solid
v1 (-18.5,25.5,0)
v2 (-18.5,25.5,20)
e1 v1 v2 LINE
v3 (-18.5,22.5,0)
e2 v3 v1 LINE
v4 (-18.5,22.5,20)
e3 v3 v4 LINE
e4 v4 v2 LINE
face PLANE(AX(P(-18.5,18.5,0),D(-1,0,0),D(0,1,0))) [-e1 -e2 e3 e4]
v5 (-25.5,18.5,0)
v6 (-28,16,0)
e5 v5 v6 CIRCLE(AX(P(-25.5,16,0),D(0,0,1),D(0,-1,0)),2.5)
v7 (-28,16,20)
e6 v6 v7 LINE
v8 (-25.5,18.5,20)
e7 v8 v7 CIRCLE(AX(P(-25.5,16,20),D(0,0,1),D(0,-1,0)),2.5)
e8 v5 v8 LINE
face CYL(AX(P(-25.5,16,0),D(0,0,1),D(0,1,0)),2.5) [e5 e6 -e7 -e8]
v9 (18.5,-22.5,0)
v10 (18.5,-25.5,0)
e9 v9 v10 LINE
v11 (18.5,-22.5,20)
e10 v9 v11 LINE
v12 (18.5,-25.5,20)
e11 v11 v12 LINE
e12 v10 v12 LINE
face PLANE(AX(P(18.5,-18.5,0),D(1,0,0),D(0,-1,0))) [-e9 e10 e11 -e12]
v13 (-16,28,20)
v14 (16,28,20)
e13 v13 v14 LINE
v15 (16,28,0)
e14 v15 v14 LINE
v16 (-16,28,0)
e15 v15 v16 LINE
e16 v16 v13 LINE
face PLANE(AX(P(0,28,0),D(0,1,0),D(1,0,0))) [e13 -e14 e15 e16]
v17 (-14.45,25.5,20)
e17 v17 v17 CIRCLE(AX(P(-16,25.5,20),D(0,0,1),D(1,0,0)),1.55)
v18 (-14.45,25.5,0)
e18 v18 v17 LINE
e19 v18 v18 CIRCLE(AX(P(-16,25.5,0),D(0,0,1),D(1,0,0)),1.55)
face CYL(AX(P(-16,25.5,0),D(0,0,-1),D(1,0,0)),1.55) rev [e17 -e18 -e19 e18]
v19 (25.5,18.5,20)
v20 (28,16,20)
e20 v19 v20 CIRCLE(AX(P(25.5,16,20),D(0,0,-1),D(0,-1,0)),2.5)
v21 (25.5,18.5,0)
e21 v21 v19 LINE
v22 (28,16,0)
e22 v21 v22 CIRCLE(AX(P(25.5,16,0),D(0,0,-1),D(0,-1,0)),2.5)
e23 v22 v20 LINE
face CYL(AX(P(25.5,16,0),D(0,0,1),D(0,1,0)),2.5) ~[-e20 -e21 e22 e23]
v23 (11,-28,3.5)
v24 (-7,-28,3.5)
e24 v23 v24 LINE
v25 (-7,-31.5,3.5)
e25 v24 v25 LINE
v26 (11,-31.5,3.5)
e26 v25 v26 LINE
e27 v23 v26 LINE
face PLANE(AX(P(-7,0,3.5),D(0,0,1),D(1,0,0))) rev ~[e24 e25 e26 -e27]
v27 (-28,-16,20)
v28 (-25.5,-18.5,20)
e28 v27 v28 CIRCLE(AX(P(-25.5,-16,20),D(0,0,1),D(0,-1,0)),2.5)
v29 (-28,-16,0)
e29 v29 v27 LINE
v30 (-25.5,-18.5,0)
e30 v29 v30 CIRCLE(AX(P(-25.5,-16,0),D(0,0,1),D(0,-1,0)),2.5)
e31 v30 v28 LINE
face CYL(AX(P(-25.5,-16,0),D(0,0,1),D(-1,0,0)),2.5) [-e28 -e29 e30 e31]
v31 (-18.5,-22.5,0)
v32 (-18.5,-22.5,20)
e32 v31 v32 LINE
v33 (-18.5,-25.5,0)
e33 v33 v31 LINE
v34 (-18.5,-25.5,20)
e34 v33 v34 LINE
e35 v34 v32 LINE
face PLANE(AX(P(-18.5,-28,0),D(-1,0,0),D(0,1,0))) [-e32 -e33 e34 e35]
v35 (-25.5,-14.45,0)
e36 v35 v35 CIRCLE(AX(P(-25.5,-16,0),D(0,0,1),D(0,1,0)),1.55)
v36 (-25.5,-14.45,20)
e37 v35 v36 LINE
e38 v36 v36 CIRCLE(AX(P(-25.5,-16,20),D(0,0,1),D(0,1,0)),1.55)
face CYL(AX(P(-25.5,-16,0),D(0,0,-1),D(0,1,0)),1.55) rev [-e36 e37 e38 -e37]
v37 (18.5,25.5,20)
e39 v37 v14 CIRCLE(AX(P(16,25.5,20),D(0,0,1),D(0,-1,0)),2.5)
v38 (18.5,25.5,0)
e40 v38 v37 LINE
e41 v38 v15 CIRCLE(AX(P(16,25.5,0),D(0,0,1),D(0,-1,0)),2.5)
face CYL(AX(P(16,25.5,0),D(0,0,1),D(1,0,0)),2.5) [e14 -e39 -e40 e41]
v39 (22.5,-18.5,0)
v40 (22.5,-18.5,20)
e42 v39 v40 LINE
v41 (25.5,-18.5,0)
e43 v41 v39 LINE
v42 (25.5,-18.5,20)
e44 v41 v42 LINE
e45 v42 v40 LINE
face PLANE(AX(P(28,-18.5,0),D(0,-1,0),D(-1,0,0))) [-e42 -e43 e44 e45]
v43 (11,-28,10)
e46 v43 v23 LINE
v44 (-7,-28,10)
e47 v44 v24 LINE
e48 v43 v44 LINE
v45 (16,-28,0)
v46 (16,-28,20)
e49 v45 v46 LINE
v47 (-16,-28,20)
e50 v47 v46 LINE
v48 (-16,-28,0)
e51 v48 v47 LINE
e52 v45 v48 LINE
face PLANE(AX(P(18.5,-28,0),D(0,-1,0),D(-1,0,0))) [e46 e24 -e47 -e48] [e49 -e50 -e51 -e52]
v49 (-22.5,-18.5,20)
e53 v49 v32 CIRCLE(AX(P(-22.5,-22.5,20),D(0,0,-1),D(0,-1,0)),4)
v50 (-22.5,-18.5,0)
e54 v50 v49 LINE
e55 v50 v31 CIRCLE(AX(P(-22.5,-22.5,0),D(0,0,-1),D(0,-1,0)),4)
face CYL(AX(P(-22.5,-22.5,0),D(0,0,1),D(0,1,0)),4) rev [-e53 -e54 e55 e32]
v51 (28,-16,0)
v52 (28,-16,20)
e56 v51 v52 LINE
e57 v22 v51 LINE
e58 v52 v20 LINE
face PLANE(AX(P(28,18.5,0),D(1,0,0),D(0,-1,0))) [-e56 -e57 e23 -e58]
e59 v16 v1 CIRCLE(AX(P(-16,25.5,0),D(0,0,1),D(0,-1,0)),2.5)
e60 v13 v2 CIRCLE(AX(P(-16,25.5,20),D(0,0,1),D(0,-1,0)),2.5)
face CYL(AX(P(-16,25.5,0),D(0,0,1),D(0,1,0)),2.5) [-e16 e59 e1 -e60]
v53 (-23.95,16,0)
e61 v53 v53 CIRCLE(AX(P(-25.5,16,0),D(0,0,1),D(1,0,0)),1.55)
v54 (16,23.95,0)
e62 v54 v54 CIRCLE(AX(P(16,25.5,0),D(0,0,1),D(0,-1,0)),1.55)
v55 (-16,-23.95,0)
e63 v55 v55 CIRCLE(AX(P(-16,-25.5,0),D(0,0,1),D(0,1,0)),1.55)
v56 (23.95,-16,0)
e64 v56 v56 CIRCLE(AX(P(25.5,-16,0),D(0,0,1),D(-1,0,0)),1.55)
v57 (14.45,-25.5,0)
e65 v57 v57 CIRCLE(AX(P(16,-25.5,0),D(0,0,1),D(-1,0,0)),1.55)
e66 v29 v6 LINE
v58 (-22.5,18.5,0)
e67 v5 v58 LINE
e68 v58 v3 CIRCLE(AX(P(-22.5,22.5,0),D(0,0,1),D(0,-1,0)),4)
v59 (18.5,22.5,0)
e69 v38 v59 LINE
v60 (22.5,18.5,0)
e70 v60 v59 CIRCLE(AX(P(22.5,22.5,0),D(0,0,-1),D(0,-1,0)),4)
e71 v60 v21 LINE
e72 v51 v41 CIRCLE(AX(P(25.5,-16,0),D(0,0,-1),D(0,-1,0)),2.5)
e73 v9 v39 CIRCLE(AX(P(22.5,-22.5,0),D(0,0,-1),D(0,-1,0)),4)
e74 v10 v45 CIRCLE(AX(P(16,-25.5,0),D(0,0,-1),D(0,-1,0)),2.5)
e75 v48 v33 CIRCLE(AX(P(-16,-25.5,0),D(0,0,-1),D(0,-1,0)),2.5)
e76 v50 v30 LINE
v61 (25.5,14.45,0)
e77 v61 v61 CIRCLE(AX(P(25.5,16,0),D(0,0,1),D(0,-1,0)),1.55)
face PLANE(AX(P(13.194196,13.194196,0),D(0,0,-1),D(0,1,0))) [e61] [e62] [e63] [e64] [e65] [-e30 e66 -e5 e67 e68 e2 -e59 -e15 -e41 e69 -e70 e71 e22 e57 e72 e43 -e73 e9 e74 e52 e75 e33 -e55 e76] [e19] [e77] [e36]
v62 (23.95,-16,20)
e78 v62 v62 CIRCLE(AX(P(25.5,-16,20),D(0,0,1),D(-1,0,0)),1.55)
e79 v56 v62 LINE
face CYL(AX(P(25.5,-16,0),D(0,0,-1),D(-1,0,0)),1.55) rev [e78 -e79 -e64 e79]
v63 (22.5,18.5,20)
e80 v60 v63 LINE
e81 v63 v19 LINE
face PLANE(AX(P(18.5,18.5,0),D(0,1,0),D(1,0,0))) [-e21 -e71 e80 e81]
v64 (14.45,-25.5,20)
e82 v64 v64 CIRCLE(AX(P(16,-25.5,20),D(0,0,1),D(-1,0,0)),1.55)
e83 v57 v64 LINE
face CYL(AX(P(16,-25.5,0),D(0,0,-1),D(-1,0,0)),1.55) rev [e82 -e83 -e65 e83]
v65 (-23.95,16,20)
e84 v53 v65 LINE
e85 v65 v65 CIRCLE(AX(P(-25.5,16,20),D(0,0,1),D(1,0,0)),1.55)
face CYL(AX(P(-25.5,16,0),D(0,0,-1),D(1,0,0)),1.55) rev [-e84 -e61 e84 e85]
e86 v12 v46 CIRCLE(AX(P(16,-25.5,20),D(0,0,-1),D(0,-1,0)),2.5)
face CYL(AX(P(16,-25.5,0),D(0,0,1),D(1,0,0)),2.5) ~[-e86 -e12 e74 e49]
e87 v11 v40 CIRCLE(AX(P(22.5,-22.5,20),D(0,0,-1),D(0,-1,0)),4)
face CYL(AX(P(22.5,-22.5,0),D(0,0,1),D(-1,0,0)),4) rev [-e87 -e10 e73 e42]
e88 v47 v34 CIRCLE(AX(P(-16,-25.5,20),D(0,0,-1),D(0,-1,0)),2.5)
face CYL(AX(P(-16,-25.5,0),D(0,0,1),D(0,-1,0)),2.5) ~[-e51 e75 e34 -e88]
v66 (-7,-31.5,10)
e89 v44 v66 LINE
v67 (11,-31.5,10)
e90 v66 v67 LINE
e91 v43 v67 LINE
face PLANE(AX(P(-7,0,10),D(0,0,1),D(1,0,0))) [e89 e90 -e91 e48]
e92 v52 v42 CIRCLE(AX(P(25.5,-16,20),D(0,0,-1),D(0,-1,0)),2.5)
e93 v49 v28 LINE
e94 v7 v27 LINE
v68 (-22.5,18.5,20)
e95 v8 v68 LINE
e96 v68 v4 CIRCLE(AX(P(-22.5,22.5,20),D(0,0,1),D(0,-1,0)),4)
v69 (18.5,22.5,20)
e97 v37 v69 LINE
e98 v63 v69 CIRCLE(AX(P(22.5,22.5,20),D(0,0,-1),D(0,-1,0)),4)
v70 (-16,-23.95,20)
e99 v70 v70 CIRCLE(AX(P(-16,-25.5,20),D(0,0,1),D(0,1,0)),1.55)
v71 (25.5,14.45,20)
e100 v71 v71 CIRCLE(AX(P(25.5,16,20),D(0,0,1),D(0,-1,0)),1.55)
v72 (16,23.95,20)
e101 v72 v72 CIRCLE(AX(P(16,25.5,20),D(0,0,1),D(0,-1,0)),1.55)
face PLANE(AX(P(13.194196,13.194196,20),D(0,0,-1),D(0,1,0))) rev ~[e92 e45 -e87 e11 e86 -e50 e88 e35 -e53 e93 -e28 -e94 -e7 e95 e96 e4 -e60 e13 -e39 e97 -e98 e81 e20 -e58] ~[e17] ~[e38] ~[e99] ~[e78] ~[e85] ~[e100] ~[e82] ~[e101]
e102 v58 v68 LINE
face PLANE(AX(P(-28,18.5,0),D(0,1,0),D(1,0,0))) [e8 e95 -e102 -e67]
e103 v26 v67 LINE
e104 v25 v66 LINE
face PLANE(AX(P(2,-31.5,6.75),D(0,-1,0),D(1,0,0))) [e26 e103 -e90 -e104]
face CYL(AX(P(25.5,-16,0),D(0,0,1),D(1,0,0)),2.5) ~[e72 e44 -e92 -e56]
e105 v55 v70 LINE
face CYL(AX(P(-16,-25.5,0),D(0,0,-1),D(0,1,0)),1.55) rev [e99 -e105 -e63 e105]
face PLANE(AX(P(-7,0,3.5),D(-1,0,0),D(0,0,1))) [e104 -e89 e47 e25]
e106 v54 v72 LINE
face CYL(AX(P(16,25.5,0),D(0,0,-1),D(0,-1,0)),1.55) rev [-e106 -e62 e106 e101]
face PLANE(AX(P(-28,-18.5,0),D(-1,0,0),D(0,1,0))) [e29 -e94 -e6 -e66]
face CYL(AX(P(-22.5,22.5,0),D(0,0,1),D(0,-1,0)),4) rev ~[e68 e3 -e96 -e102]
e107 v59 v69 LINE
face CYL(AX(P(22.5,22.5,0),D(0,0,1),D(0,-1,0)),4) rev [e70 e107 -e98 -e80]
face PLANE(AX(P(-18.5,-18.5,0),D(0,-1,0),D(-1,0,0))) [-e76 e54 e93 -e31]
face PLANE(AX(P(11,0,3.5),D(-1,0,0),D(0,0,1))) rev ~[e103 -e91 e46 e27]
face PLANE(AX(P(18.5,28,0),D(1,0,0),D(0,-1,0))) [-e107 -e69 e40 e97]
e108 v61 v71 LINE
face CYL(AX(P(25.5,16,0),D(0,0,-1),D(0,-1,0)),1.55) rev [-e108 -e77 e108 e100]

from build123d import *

# Parameters (mm, degrees)
SKETCH_R              = 1.55
PAD_DEPTH             = 20
POLARPATTERN012_COUNT = 4
FILLET004_R           = 4
FILLET005_R           = 2.5
SKETCH019_W           = 18
SKETCH019_H           = 6.5
PAD012_DEPTH          = 31.5


with BuildPart() as part:
    # Sketch → Pad (new body)
    with BuildSketch(Plane.XY):
        Polygon((-28, 0), (-28, 18.5), (-18.5, 18.5), (-18.5, 28), (0, 28), (0, 0), align=None)
        with Locations((-16, 25.5)):
            Circle(SKETCH_R, mode=Mode.SUBTRACT)
        with Locations((-25.5, 16)):
            Circle(SKETCH_R, mode=Mode.SUBTRACT)
    pad = extrude(amount=PAD_DEPTH)

    # PolarPattern012: Pad ×4 about axis
    polarpattern012_axis = Axis((0, 0, 0), (0, 0, 1))
    for i in range(1, POLARPATTERN012_COUNT):
        add(pad.rotate(polarpattern012_axis, i * 360 / POLARPATTERN012_COUNT))

    # Fillet004
    fillet004_edges = [part.edges().sort_by_distance(p)[0] for p in [
        (-18.5, 18.5, 10),
        (18.5, -18.5, 10),
        (-18.5, -18.5, 10),
        (18.5, 18.5, 10),
    ]]
    fillet(fillet004_edges, radius=FILLET004_R)

    # Fillet005
    fillet005_edges = [part.edges().sort_by_distance(p)[0] for p in [
        (-28, -18.5, 10),
        (-18.5, -28, 10),
        (18.5, -28, 10),
        (28, -18.5, 10),
        (28, 18.5, 10),
        (18.5, 28, 10),
        (-18.5, 28, 10),
        (-28, 18.5, 10),
    ]]
    fillet(fillet005_edges, radius=FILLET005_R)

    # Sketch019 → Pad012 (join)
    with BuildSketch(Plane.XZ):
        with Locations((2, 6.75)):
            Rectangle(SKETCH019_W, SKETCH019_H)
    extrude(amount=PAD012_DEPTH)


solid = part.part
